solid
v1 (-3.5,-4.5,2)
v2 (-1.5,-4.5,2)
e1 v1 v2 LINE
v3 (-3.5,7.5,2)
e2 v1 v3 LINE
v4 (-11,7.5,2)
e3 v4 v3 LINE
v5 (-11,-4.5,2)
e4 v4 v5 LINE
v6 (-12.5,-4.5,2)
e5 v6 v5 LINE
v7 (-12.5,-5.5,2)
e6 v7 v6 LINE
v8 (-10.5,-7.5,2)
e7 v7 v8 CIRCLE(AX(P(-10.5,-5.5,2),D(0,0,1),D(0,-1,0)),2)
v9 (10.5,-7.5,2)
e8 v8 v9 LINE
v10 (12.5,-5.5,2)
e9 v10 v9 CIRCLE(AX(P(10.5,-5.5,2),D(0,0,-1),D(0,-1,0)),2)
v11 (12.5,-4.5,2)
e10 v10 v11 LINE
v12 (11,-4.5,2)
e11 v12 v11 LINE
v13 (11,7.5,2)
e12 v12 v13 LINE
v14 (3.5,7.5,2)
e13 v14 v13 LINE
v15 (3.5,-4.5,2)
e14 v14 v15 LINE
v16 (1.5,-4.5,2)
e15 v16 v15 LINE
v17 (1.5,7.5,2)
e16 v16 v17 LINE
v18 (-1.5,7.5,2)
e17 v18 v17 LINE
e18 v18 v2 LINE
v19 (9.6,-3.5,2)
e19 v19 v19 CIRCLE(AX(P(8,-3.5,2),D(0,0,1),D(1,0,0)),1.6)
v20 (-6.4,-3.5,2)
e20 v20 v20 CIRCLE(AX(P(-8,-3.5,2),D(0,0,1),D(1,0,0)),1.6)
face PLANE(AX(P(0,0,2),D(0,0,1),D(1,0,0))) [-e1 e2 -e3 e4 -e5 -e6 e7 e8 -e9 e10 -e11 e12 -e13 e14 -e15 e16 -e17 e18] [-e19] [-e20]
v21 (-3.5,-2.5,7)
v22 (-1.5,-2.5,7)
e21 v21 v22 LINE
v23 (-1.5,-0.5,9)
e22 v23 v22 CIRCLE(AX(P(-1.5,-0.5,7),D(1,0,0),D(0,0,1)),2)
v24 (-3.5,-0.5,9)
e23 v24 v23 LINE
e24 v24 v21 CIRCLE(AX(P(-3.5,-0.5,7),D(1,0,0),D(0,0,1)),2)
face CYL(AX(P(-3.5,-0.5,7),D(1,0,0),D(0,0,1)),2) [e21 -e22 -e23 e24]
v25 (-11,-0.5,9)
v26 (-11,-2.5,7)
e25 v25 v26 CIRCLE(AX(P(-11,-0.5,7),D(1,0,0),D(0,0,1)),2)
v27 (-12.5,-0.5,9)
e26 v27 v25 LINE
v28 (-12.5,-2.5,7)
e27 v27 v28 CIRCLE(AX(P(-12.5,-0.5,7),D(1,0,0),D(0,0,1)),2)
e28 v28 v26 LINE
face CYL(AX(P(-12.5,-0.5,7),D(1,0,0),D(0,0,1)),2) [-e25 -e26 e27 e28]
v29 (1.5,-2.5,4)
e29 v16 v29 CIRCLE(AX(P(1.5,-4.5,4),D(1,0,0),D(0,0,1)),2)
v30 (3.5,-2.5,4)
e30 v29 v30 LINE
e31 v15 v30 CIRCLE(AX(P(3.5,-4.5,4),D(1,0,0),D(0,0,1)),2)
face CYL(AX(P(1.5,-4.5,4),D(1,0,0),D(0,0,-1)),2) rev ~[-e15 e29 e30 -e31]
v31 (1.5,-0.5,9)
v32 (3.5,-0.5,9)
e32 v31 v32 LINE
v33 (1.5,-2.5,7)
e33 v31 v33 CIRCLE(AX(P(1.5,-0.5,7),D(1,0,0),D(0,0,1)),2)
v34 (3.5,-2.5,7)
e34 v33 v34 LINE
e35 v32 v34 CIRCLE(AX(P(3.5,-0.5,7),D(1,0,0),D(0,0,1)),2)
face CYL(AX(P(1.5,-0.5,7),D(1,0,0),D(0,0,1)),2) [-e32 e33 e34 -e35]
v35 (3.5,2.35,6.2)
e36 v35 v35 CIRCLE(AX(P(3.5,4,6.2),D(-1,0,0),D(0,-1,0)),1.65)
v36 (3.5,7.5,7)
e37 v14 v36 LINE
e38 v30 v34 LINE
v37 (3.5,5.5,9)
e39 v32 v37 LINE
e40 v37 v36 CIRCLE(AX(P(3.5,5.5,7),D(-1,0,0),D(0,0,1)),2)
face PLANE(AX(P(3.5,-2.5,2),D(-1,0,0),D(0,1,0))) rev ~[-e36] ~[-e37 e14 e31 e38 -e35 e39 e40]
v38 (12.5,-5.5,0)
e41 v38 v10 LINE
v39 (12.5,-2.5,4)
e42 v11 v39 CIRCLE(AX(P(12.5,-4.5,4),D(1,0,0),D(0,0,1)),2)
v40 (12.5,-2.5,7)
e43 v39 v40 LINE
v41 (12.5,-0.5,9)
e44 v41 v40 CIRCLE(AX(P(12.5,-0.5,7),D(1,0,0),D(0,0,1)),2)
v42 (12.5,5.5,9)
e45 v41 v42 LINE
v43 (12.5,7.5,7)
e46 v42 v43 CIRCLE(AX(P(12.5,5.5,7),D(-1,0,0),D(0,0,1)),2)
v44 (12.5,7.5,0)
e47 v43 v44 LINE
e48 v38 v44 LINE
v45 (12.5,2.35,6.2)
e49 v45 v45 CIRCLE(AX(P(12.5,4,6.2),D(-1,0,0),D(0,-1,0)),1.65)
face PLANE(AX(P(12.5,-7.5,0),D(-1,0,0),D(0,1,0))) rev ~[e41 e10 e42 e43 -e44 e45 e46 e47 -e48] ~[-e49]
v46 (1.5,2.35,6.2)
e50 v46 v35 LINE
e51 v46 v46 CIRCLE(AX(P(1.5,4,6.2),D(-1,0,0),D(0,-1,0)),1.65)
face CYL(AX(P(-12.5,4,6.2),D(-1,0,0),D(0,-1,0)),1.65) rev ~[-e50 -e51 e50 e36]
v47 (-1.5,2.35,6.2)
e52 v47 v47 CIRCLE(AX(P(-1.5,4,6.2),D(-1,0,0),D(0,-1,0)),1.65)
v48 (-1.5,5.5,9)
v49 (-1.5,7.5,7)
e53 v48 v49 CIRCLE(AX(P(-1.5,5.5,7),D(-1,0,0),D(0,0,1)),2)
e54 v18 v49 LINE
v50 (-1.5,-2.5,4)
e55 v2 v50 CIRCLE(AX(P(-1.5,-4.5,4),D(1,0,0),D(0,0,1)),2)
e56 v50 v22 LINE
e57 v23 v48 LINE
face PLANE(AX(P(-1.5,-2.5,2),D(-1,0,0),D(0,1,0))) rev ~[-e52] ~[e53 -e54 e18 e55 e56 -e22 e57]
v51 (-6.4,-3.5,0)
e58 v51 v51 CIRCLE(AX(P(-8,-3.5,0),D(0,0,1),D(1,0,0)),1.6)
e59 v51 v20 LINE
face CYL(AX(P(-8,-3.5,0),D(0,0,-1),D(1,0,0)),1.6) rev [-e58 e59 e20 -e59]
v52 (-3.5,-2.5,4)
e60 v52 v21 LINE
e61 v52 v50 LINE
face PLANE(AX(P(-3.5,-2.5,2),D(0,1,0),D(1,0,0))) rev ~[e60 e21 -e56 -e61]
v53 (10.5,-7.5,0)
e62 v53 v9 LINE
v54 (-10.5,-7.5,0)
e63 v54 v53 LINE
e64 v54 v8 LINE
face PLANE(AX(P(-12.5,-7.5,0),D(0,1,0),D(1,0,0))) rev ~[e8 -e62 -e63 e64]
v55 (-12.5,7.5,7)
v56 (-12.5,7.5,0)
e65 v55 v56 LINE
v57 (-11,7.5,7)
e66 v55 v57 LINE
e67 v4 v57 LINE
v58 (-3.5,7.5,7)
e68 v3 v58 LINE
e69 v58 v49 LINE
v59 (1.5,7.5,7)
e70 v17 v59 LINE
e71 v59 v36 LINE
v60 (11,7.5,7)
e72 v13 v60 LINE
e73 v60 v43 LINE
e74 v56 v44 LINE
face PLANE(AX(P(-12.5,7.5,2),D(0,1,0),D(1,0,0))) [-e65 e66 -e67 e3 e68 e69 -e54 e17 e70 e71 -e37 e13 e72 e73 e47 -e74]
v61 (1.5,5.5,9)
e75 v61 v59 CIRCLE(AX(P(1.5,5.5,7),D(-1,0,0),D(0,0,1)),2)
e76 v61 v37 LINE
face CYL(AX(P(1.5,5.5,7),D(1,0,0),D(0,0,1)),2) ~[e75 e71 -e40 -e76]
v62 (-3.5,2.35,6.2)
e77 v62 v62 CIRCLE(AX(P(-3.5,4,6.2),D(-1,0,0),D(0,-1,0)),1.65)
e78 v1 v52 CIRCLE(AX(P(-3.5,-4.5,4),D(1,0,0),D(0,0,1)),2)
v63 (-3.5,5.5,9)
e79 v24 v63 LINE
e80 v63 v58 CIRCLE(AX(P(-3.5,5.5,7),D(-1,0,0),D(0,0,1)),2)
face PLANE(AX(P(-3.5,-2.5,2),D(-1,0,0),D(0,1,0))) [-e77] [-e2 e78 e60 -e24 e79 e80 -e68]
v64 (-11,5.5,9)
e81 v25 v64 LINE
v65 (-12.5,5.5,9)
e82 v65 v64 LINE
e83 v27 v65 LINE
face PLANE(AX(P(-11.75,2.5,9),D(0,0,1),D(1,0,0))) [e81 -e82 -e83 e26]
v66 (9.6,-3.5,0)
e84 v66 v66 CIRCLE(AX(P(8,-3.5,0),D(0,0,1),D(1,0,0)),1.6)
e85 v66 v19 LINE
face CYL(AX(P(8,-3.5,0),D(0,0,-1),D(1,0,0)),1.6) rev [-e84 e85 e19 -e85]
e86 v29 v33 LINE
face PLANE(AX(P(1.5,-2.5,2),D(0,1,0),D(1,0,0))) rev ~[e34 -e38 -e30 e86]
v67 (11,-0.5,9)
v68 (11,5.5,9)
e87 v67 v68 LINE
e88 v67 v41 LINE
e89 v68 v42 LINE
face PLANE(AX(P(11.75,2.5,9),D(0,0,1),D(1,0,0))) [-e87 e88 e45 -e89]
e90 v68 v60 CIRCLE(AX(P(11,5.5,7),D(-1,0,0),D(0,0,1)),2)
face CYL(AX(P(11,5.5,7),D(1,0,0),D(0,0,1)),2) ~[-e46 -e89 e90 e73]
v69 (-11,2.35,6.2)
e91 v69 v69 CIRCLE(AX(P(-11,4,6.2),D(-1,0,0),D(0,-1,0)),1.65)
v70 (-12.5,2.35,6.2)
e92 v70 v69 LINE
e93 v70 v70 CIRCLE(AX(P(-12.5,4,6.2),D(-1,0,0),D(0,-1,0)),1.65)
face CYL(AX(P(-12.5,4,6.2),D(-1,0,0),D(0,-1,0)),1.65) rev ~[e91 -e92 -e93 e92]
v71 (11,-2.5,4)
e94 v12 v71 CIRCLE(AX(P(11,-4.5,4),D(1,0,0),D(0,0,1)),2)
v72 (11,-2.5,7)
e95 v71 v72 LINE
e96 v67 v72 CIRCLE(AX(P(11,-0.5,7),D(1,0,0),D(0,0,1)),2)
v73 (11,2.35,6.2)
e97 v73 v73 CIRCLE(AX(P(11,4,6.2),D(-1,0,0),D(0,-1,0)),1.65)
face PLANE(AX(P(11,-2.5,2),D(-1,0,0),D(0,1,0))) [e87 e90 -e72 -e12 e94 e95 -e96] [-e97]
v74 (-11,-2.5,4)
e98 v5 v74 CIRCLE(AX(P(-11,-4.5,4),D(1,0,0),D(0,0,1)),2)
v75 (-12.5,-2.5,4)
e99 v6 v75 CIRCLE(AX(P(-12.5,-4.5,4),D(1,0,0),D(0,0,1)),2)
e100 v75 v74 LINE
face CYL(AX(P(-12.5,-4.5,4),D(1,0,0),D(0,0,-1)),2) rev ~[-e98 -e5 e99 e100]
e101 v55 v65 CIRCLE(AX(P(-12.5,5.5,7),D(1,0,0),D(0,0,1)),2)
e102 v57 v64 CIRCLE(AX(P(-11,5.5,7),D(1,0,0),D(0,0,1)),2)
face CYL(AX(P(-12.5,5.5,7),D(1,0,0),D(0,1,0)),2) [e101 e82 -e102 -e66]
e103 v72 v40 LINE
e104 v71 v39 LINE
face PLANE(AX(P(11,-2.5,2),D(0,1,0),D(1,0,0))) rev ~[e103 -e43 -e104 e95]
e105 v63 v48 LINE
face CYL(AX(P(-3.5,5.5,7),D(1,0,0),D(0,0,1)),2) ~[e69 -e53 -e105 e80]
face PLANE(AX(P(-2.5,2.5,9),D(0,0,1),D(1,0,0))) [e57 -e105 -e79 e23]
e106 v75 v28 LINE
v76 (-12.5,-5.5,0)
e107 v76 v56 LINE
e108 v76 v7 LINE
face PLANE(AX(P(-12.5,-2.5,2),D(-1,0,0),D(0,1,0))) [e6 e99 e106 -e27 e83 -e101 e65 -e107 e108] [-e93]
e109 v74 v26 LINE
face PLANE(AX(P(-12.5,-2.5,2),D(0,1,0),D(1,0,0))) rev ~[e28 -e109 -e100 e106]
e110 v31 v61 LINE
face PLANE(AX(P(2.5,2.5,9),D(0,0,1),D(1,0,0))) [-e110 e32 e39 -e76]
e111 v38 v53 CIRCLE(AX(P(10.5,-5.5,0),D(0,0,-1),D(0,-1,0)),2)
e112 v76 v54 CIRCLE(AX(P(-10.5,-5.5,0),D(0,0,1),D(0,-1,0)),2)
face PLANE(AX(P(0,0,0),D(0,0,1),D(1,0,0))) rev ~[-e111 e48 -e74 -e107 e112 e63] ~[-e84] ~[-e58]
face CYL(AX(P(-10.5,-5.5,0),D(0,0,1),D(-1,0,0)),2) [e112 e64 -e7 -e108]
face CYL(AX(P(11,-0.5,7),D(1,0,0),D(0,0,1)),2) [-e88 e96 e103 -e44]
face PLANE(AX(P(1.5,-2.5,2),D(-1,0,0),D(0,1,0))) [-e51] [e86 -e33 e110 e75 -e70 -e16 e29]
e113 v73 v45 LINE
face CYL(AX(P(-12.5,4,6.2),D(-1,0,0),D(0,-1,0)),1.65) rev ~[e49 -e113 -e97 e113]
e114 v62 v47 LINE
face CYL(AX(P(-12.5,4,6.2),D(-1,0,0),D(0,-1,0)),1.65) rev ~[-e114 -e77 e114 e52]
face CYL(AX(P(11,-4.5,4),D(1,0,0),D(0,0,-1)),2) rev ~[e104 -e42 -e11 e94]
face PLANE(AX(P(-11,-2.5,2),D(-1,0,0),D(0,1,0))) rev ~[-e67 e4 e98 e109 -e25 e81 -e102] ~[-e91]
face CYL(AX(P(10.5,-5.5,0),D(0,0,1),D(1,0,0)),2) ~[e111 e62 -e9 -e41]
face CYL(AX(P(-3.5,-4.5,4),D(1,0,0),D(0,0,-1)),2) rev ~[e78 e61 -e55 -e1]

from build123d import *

# Parameters (mm, degrees)
SKETCH_2_W          = 25
SKETCH_2_H          = 15
SKETCH_2_R          = 1.6
EXTRUDE_1_DEPTH     = 2
SKETCH_3_W          = 1.5
SKETCH_3_H          = 10
SKETCH_3_W_2        = 2
EXTRUDE_2_DEPTH     = 7
FILLET_1_R          = 2
SKETCH_4_R          = 1.65
CUT_EXTRUDE_1_DEPTH = 28.608875385


with BuildPart() as part:
    # 草图2 → 凸台-拉伸1 (new body)
    with BuildSketch(Plane.XY):
        Rectangle(SKETCH_2_W, SKETCH_2_H)
        with Locations((-8, -3.5)):
            Circle(SKETCH_2_R, mode=Mode.SUBTRACT)
        with Locations((8, -3.5)):
            Circle(SKETCH_2_R, mode=Mode.SUBTRACT)
    extrude(amount=EXTRUDE_1_DEPTH)

    # 草图3 → 凸台-拉伸2 (add)
    with BuildSketch(Plane.XY.offset(2)):
        with Locations((-11.75, 2.5)):
            Rectangle(SKETCH_3_W, SKETCH_3_H)
        with Locations((-2.5, 2.5)):
            Rectangle(SKETCH_3_W_2, SKETCH_3_H)
        with Locations((2.5, 2.5)):
            Rectangle(SKETCH_3_W_2, SKETCH_3_H)
        with Locations((11.75, 2.5)):
            Rectangle(SKETCH_3_W, SKETCH_3_H)
    extrude(amount=EXTRUDE_2_DEPTH)

    # 圆角1
    fillet_1_edges = [part.edges().sort_by_distance(p)[0] for p in [
        (-11.75, -2.5, 2),
        (-11.75, -2.5, 9),
        (-11.75, 7.5, 9),
        (-2.5, -2.5, 2),
        (-2.5, -2.5, 9),
        (-2.5, 7.5, 9),
        (2.5, -2.5, 2),
        (2.5, -2.5, 9),
        (2.5, 7.5, 9),
        (11.75, -2.5, 2),
        (11.75, 7.5, 9),
        (11.75, -2.5, 9),
        (12.5, -7.5, 1),
        (-12.5, -7.5, 1),
    ]]
    fillet(fillet_1_edges, radius=FILLET_1_R)

    # 草图4 → 切除-拉伸1 (cut, through all)
    with BuildSketch(Plane.ZY.offset(12.5)):
        with Locations(Location((6.2, 4, 0), (0, 0, 270))):
            Circle(SKETCH_4_R)
    extrude(amount=-CUT_EXTRUDE_1_DEPTH, mode=Mode.SUBTRACT)


solid = part.part
